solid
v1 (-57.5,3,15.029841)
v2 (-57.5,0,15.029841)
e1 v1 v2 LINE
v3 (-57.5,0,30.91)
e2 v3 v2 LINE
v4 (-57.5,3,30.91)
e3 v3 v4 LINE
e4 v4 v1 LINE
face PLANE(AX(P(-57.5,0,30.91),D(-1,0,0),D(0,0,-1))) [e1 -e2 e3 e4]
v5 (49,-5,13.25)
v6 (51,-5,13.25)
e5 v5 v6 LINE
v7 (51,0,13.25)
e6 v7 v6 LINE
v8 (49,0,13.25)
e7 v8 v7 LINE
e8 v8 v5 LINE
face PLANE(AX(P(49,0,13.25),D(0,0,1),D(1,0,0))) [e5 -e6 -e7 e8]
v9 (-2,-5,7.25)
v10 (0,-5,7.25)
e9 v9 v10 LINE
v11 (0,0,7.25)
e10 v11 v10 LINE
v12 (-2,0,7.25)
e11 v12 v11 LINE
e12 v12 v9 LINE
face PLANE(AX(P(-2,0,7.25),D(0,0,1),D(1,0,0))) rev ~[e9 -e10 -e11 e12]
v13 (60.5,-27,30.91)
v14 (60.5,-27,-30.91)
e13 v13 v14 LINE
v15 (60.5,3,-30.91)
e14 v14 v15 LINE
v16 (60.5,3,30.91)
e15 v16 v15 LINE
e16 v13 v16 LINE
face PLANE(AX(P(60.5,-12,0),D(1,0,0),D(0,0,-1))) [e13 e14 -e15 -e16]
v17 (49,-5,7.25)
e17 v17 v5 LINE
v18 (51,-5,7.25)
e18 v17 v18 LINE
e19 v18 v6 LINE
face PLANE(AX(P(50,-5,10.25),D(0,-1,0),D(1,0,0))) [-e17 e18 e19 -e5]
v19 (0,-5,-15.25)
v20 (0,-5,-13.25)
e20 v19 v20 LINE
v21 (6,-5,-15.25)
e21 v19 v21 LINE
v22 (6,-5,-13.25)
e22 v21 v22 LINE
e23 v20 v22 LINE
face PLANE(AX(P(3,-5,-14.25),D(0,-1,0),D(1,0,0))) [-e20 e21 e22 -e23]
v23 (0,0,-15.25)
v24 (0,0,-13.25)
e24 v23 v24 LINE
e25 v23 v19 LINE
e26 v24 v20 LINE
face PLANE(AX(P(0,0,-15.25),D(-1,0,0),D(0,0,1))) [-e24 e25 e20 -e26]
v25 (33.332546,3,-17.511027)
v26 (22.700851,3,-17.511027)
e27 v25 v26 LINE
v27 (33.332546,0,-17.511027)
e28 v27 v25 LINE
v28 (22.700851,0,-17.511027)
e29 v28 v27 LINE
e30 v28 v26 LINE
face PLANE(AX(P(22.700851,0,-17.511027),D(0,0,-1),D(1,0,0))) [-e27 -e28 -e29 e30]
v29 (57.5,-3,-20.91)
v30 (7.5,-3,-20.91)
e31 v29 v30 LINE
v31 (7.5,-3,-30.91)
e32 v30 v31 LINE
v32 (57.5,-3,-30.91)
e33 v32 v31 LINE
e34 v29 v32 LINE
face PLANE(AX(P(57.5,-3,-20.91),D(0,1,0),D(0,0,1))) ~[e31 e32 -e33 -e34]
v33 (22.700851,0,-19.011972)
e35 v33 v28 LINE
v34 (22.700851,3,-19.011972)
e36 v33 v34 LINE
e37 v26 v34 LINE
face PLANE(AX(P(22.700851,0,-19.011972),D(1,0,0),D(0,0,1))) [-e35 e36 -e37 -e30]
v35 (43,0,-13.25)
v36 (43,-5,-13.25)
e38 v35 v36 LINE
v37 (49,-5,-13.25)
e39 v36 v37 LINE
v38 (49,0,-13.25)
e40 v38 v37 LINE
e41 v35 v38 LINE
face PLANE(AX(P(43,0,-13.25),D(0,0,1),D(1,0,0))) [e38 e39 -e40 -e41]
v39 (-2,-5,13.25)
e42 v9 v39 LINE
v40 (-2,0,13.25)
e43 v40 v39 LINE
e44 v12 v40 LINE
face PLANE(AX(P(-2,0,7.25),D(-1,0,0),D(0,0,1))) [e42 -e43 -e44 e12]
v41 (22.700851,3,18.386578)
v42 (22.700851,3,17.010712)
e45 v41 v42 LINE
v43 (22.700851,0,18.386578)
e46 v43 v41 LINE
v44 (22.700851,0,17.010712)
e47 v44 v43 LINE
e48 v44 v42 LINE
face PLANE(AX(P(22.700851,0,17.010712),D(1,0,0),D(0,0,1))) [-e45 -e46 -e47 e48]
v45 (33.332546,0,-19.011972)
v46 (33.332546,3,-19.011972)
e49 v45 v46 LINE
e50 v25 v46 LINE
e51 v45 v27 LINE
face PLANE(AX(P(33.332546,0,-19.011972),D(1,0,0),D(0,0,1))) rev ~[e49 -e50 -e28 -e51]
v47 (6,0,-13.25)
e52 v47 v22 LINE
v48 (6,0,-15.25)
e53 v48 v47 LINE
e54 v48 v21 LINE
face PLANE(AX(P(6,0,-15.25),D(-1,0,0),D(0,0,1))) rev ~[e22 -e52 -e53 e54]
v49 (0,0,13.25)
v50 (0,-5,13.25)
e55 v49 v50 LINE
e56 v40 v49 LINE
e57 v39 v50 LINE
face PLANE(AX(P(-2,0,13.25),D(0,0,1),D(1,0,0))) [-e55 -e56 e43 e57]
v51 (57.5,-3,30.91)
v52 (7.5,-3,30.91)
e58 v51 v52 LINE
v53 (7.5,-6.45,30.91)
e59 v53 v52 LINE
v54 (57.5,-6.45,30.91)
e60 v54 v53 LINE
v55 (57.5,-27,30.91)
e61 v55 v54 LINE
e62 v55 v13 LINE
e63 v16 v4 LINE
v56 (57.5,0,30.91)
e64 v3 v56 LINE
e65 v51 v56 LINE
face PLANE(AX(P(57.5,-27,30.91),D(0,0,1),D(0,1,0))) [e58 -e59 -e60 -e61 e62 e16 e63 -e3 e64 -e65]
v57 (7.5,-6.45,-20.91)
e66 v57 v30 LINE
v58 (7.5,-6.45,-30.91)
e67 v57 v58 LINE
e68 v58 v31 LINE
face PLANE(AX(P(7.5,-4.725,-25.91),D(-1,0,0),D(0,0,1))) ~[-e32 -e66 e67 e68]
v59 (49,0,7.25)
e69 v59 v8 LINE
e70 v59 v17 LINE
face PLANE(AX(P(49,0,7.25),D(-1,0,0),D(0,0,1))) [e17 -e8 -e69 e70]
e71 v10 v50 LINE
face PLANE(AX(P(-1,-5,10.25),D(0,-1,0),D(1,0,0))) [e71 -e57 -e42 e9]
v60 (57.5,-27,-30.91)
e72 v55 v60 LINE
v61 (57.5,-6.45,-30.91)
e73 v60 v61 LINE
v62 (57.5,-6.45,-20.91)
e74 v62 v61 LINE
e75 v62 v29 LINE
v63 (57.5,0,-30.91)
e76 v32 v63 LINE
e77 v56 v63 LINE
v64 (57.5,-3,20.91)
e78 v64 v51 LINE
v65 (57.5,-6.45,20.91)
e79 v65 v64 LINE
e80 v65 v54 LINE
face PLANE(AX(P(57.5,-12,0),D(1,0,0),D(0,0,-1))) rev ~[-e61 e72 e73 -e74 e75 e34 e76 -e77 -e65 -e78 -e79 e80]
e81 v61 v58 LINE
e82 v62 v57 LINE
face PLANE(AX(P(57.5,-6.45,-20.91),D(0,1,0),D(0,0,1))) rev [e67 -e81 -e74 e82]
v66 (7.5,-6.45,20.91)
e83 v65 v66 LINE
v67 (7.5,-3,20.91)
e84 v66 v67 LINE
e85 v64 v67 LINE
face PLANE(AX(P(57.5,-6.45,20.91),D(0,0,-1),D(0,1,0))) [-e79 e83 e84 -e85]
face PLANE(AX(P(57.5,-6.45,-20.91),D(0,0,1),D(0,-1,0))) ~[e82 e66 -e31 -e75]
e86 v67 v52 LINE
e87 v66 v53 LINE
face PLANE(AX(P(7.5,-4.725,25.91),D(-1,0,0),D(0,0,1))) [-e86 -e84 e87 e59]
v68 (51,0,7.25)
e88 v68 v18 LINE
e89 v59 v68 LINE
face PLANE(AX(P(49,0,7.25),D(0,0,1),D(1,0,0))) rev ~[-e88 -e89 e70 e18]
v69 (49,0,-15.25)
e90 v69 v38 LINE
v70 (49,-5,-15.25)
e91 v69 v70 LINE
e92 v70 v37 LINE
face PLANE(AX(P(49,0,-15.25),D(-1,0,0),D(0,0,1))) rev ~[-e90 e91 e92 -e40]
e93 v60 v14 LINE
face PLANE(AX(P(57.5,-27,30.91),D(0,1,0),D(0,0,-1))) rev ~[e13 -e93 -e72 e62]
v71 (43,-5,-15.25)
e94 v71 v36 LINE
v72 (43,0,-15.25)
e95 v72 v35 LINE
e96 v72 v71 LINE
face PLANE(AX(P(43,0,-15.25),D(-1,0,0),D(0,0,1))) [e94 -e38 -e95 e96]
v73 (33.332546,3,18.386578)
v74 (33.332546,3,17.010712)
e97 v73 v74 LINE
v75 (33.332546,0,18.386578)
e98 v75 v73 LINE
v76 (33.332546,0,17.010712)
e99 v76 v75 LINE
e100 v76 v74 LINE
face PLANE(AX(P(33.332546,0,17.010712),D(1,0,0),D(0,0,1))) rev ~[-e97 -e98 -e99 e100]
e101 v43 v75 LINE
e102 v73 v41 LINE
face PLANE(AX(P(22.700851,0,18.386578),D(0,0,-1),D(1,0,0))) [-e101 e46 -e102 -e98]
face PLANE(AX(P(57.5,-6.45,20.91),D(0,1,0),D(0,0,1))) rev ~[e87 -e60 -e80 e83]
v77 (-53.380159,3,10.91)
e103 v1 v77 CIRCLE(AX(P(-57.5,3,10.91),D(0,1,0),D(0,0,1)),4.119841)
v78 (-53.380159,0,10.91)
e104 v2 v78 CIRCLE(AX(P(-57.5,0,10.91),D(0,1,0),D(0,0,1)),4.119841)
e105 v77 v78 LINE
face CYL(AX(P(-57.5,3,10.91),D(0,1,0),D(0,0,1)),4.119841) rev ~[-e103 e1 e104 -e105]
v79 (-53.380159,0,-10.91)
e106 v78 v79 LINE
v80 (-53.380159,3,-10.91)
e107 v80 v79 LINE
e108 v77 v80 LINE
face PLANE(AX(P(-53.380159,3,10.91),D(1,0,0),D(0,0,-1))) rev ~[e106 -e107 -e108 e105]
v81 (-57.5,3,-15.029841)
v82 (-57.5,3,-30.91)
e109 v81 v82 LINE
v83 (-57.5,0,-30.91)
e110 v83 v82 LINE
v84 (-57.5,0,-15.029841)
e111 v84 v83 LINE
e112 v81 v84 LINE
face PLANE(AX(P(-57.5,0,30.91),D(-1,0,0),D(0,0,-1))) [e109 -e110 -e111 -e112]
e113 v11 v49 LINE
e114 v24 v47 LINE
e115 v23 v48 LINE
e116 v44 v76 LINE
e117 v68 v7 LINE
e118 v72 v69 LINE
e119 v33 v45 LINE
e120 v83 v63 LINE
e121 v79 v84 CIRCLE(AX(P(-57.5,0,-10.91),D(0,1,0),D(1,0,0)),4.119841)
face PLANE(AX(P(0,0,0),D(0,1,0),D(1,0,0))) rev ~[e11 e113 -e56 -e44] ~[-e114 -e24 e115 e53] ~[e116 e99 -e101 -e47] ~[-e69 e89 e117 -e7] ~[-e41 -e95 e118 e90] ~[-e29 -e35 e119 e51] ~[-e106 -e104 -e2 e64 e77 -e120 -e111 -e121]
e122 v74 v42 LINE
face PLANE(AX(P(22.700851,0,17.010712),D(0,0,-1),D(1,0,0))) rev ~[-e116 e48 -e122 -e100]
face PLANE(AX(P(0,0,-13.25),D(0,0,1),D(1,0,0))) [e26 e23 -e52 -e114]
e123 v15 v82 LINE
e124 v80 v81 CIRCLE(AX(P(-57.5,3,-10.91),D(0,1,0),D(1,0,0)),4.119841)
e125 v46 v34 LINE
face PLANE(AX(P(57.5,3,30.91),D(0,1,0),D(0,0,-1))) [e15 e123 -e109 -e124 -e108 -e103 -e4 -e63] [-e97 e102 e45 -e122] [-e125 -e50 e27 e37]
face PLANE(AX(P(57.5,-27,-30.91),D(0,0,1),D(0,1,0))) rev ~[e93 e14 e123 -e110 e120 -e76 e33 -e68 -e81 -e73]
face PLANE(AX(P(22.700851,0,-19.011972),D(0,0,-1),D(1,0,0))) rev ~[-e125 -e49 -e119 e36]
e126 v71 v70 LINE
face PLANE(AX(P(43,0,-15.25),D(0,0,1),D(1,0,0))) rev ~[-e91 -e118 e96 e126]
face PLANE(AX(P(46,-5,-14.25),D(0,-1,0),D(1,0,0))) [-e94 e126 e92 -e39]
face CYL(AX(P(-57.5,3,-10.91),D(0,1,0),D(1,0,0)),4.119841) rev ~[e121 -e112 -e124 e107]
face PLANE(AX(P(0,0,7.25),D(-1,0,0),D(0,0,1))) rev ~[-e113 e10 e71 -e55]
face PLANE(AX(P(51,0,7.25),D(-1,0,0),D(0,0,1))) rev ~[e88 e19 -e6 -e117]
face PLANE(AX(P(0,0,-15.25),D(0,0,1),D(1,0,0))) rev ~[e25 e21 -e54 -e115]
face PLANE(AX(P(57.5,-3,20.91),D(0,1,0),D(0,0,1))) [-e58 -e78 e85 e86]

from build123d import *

# Parameters (mm, degrees)
SKETCH1_W            = 115
SKETCH1_H            = 61.82
BOSS_EXTRUDE1_DEPTH  = 3
CUT_EXTRUDE1_DEPTH   = 3
SKETCH3_W            = 61.82
SKETCH3_H            = 30
BOSS_EXTRUDE2_DEPTH  = 3
SKETCH4_W            = 10
SKETCH4_H            = 3.45
BOSS_EXTRUDE3_DEPTH  = 50
SKETCH5_W            = 6
SKETCH5_H            = 2
SKETCH5_W_2          = 2
SKETCH5_H_2          = 6
BOSS_EXTRUDE12_DEPTH = 5
SKETCH8_W            = 10.631694969
SKETCH8_H            = 1.375866407
SKETCH8_H_2          = 1.500945172
CUT_EXTRUDE2_DEPTH   = 5


with BuildPart() as part:
    # Sketch1 → Boss-Extrude1 (new body)
    with BuildSketch(Plane(origin=(0, 0, 0), x_dir=(1, 0, 0), z_dir=(0, 1, 0))):
        Rectangle(SKETCH1_W, SKETCH1_H)
    extrude(amount=BOSS_EXTRUDE1_DEPTH)

    # Sketch2 → Cut-Extrude1 (cut)
    with BuildSketch(Plane(origin=(0, 3, 0), x_dir=(1, 0, 0), z_dir=(0, 1, 0))):
        with BuildLine():
            Line((-57.5, -10.91), (-57.5, -15.029841252))
            ThreePointArc((-57.5, -15.029841252), (-54.586832313, -13.823167687), (-53.380158748, -10.91))
            Line((-53.380158748, -10.91), (-53.380158748, 10.91))
            ThreePointArc((-53.380158748, 10.91), (-54.586832313, 13.823167687), (-57.5, 15.029841252))
            Line((-57.5, 15.029841252), (-57.5, 10.91))
            Line((-57.5, 10.91), (-57.5, -10.91))
        make_face()
    extrude(amount=-CUT_EXTRUDE1_DEPTH, mode=Mode.SUBTRACT)

    # Sketch3 → Boss-Extrude2 (add)
    with BuildSketch(Plane(origin=(57.5, 0, 0), x_dir=(0, 0, -1), z_dir=(1, 0, 0))):
        with Locations((0, -12)):
            Rectangle(SKETCH3_W, SKETCH3_H)
    extrude(amount=BOSS_EXTRUDE2_DEPTH)

    # Sketch4 → Boss-Extrude3 (add)
    with BuildSketch(Plane.ZY.offset(-57.5)):
        with Locations((25.91, -4.725)):
            Rectangle(SKETCH4_W, SKETCH4_H)
    boss_extrude3 = extrude(amount=BOSS_EXTRUDE3_DEPTH)

    # Mirror1: Boss-Extrude3 across plane
    add(boss_extrude3.mirror(Plane.XY))

    # Sketch5 → Boss-Extrude12 (add)
    with BuildSketch(Plane.XZ):
        with Locations((46, -14.25)):
            Rectangle(SKETCH5_W, SKETCH5_H)
        with Locations((3, -14.25)):
            Rectangle(SKETCH5_W, SKETCH5_H)
        with Locations((-1, 10.25)):
            Rectangle(SKETCH5_W_2, SKETCH5_H_2)
        with Locations((50, 10.25)):
            Rectangle(SKETCH5_W_2, SKETCH5_H_2)
    extrude(amount=BOSS_EXTRUDE12_DEPTH)

    # Sketch8 → Cut-Extrude2 (cut)
    with BuildSketch(Plane.XZ):
        with Locations((28.01669804, 17.698645154)):
            Rectangle(SKETCH8_W, SKETCH8_H)
        with Locations((28.01669804, -18.261499593)):
            Rectangle(SKETCH8_W, SKETCH8_H_2)
    extrude(amount=-CUT_EXTRUDE2_DEPTH, mode=Mode.SUBTRACT)


solid = part.part
